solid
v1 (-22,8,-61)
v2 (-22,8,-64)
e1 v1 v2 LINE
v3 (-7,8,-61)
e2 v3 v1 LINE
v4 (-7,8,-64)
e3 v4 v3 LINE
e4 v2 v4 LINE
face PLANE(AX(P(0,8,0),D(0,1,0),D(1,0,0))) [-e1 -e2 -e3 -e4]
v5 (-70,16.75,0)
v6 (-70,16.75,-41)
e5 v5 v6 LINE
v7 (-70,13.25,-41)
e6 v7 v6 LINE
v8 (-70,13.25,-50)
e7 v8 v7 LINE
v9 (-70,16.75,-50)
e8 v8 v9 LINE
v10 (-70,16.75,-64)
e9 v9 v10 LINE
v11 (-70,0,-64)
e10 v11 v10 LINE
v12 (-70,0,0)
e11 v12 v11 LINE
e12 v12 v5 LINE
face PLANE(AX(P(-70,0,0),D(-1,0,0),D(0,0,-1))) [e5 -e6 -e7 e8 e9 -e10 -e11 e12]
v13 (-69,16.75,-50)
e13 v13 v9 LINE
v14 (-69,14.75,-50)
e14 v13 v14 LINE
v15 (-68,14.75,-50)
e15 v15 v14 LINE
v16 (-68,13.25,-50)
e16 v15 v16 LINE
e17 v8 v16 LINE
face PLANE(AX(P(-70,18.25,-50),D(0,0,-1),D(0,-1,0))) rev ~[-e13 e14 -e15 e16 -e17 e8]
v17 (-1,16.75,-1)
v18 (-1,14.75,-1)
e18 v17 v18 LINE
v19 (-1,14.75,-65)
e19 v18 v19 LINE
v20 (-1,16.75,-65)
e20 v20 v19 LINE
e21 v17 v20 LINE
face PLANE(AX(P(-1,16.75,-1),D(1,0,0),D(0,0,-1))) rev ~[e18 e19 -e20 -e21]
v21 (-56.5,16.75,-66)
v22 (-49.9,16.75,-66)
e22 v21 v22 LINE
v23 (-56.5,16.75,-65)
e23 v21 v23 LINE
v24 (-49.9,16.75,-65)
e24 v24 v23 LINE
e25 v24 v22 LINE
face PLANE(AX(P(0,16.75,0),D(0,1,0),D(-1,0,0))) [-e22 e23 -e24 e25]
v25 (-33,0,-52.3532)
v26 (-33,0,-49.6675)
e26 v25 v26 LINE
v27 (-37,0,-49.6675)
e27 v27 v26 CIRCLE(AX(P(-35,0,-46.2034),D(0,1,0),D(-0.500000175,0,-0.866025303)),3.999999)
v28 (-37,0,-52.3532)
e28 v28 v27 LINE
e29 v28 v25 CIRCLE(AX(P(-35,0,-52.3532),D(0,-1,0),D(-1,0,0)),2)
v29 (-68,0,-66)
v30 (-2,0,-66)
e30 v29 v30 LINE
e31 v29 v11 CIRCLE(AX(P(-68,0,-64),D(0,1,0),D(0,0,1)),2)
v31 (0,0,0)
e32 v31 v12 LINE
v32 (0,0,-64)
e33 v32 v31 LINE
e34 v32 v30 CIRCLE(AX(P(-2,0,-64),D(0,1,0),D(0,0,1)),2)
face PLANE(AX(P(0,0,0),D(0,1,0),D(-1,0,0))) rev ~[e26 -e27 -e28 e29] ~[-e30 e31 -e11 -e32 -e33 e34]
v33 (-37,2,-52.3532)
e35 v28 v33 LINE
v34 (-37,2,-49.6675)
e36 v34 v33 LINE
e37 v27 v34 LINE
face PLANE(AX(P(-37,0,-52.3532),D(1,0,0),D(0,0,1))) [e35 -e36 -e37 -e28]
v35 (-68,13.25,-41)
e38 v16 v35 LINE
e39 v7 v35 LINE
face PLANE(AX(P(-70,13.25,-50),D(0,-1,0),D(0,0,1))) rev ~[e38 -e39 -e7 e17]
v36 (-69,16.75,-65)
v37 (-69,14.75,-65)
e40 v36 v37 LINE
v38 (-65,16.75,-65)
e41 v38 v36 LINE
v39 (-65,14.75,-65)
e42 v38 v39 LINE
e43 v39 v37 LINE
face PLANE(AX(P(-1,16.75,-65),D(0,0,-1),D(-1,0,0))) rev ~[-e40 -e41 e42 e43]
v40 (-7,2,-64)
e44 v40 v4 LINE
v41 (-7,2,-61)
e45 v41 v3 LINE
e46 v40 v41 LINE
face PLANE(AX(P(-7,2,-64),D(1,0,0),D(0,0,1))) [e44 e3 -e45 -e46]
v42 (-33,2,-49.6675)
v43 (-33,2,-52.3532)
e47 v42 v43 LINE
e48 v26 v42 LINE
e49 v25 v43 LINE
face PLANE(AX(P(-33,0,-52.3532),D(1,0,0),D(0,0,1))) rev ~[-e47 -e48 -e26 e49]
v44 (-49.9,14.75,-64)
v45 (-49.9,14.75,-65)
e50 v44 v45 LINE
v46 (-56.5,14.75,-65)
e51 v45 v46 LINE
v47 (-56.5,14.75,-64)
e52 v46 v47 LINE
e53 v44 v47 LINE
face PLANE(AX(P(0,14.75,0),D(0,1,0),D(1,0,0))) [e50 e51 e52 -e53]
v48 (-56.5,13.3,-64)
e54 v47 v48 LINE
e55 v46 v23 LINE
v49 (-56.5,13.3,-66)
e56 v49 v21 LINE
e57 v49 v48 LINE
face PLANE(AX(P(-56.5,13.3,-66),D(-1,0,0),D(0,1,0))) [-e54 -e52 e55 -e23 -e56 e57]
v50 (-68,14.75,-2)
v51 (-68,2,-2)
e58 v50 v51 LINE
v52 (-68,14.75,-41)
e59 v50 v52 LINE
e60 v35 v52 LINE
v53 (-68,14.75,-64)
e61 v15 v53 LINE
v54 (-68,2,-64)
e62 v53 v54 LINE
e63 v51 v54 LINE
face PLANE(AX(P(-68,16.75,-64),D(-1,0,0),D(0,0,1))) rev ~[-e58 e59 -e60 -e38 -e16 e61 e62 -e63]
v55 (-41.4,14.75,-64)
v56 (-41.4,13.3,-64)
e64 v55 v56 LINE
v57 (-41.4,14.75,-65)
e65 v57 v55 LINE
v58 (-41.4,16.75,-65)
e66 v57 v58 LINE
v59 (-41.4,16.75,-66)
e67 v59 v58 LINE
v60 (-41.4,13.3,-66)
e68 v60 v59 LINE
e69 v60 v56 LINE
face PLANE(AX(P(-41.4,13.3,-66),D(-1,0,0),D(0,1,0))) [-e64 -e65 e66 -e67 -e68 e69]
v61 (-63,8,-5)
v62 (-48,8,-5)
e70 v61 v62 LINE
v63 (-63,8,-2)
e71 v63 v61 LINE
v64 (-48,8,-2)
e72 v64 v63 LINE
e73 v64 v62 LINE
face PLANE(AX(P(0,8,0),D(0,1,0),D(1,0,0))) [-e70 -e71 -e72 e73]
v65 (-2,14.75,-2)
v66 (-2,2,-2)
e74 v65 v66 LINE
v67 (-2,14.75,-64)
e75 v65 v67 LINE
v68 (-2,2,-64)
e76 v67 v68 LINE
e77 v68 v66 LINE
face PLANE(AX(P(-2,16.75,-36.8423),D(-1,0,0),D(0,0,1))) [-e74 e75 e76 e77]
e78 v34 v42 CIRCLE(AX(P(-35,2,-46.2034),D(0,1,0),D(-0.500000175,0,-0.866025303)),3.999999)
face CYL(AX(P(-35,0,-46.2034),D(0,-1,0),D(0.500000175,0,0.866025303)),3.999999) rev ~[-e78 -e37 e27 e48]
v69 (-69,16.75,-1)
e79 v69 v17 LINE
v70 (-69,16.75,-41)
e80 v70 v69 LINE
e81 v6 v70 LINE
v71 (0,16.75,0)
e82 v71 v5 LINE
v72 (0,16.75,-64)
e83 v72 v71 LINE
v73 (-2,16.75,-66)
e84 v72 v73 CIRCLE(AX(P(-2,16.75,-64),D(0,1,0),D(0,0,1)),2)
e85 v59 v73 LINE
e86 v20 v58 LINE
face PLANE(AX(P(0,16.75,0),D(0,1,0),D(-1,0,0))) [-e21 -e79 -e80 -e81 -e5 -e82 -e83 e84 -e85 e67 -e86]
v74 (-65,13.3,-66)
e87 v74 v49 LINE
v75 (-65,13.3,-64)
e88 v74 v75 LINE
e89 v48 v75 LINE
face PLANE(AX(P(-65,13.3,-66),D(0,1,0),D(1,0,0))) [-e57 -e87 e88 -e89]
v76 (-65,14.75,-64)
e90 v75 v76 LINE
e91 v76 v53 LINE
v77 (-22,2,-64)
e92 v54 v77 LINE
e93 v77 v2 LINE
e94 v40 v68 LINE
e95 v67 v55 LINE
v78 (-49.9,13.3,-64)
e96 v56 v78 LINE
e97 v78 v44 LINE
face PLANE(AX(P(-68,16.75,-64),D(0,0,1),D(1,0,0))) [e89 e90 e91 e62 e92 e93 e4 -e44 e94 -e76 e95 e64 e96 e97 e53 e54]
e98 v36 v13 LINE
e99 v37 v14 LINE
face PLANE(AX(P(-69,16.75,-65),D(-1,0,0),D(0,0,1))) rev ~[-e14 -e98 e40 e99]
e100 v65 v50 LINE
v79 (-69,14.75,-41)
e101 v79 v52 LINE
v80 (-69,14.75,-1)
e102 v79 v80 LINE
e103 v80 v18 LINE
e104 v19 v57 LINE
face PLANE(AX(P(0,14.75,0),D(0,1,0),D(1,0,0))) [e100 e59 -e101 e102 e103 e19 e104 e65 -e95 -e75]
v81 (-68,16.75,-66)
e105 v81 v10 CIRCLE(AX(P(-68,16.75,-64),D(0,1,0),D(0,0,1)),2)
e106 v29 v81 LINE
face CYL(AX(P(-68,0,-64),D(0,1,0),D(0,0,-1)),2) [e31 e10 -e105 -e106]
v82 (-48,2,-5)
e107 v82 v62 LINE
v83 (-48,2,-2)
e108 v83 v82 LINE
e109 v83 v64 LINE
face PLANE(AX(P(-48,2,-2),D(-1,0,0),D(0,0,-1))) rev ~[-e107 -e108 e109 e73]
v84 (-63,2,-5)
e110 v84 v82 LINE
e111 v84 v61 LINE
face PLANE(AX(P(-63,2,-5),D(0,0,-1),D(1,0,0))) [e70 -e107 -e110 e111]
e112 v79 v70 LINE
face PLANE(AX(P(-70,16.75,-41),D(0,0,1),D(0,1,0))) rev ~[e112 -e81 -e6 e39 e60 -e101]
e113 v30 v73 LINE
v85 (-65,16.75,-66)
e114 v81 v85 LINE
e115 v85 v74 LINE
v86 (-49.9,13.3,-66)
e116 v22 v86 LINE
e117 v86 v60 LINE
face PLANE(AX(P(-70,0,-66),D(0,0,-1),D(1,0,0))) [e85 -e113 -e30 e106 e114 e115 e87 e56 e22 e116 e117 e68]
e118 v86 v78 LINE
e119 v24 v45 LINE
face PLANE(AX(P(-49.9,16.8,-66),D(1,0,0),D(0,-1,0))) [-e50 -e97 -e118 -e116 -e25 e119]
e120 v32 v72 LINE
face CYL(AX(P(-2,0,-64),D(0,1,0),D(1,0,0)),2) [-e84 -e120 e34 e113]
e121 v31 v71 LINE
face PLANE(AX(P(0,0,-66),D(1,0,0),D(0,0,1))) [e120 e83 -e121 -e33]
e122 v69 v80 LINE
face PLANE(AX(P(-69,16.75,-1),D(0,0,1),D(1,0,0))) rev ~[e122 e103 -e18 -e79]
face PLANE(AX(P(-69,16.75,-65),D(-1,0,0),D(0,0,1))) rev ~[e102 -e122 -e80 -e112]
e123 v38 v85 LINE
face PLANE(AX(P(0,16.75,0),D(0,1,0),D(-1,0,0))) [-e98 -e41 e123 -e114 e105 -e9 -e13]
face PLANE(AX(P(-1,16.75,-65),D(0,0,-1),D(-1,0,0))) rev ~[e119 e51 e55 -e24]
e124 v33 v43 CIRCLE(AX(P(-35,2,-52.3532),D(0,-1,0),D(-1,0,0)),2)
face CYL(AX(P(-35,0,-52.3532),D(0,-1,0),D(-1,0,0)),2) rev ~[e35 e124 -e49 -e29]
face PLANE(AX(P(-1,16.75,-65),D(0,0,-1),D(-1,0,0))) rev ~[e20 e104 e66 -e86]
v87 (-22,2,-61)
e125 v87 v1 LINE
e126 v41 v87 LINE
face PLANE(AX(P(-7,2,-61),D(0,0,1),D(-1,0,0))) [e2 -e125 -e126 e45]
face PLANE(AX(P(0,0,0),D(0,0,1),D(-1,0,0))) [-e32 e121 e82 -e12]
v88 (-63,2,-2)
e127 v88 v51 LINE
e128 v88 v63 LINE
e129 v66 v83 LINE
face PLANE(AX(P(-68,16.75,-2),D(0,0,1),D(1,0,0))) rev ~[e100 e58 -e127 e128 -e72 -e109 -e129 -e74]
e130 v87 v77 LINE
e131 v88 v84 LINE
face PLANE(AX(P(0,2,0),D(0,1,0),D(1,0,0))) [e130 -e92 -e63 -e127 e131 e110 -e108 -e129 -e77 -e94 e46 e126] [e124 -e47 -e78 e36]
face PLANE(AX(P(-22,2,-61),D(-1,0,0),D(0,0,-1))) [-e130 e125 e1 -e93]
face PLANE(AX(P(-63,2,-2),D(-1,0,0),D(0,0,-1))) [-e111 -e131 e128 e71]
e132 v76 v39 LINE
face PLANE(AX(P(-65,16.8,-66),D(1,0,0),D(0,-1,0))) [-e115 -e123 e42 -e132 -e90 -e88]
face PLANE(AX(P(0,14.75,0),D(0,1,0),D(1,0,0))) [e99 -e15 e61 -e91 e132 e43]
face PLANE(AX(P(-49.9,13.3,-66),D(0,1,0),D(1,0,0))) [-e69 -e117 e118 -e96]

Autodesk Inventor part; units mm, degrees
ref_plane "YZ Plane" through (0, 0, 0) normal (1, 0, 0) x (0, 1, 0)
ref_plane "XZ Plane" through (0, 0, 0) normal (0, 1, 0) x (-1, 0, 0)
ref_plane "XY Plane" through (0, 0, 0) normal (0, 0, 1) x (1, 0, 0)
sketch "Sketch1" plane through (0, 0, 0) normal (0, 1, 0) x (-1, 0, 0)
  point P0 (0, 0)
sketch "Sketch2" plane through (0, 0, 0) normal (0, 1, 0) x (-1, 0, 0)
  line L0 (0, 0) -> (70, 0)
  line L1 (70, 0) -> (70, -66)
  line L2 (70, -66) -> (0, -66)
  line L3 (0, -66) -> (0, 0)
  dimension "d0" = 70
  dimension "d1" = 66
extrude "Extrusion1" add sketch "Sketch2" along normal blind 16.75
sketch "Sketch3" plane through (0, 16.75, 0) normal (0, 1, 0) x (1, 0, 0)
  point P0 (0, 0)
sketch "Sketch4" plane through (0, 16.75, 0) normal (0, 1, 0) x (1, 0, 0)
  line L0 (0, 66) -> (-70, 66) projected
  line L1 (-30.4814, 66) -> (-28.4814, 66)
  line L2 (-28.4814, 66) -> (-28.4814, 64)
  line L3 (-70, 66) -> (-70, 0) projected
  line L4 (-70, 37.8423) -> (-70, 39.8423)
  line L5 (-70, 39.8423) -> (-68, 39.8423)
  line L6 (-70, 0) -> (0, 0) projected
  line L7 (-28.4814, 0) -> (-30.4814, 0)
  line L8 (-30.4814, 0) -> (-30.4814, 2)
  line L9 (0, 0) -> (0, 66) projected
  line L10 (0, 38.8423) -> (0, 36.8423)
  line L11 (0, 36.8423) -> (-2, 36.8423)
  line L12 (-2, 2) -> (-60, 2)
  line L13 (-2, 64) -> (-2, 2)
  line L14 (-68, 64) -> (-68, 2)
  line L15 (-68, 64) -> (-2, 64)
  line L16 (-68, 2) -> (-2, 2)
  dimension "d5" = 2
  dimension "d6" = 2
  dimension "d7" = 2
  dimension "d8" = 2
  dimension "d9" = 2
  dimension "d10" = 2
  dimension "d11" = 2
  dimension "d12" = 2
  dimension "d102" = 2
  dimension "d103" = 2
  dimension "d104" = 2
extrude "Extrusion2" cut sketch "Sketch4" against normal blind 14.75 contours L15 L13 L12 L16 L14
sketch "Sketch10" plane through (0, 2, 0) normal (0, 1, 0) x (1, 0, 0)
  line L0 (-2, 2) -> (-68, 2) projected
  line L1 (-31, 2) -> (-48, 2)
  line L2 (-48, 2) -> (-48, 5)
  line L3 (-48, 2) -> (-63, 2)
  line L4 (-63, 2) -> (-63, 5)
  line L5 (-63, 5) -> (-48, 5)
  line L6 (-48, 5) -> (-48, 2)
  line L7 (-22, 64) -> (-7, 64)
  line L8 (-7, 64) -> (-7, 61)
  line L9 (-7, 61) -> (-22, 61)
  line L10 (-22, 61) -> (-22, 64)
  line L11 (-68, 64) -> (-2, 64) projected
  line L12 (-68, 64) -> (-68, 2)
  line L13 (-63, 2) -> (-48, 2)
  point P0 (-48, 5)
  point P1 (-63, 2)
  point P2 (-48, 2)
  dimension "d55" = 3
  dimension "d56" = 15
  dimension "d60" = 15
  dimension "d108" = 3
extrude "Extrusion5" add sketch "Sketch10" along normal blind 6
sketch "Sketch12" plane through (0, 0, 0) normal (0, -1, 0) x (1, 0, 0)
  line L0 (0, 0) -> (0, -66) projected
  arc A0 (-33, -49.6675) -> (-33, -42.7393) centre (-35, -46.2034) ccw
  arc A1 (-37, -52.3532) -> (-33, -52.3532) centre (-35, -52.3532) ccw
  line L1 (-33, -52.3532) -> (-33, -49.6675)
  line L2 (-37, -52.3532) -> (-37, -49.6675)
  arc A2 (-33, -42.7393) -> (-37, -49.6675) centre (-35, -46.2034) ccw
extrude "Extrusion7" cut sketch "Sketch12" against normal blind 5
sketch "Sketch13" plane through (0, 16.75, 0) normal (0, 1, 0) x (1, 0, 0)
  line L0 (-70, 66) -> (-70, 0) projected
  line L1 (0, 0) -> (0, 66) projected
  line L2 (-69, 1) -> (-1, 1)
  line L3 (-1, 1) -> (-1, 65)
  line L4 (-1, 65) -> (-69, 65)
  line L5 (-69, 65) -> (-69, 1)
  line L6 (-70, 0) -> (0, 0) projected
  line L7 (0, 66) -> (-70, 66) projected
  line L8 (-68, 64) -> (-2, 64)
  line L9 (-2, 64) -> (-2, 2)
  line L10 (-2, 2) -> (-68, 2)
  line L11 (-68, 2) -> (-68, 64)
  dimension "d94" = 1
  dimension "d95" = 1
  dimension "d96" = 1
  dimension "d97" = 1
  dimension "d98" = 1
  dimension "d99" = 1
  dimension "d100" = 1
  dimension "d101" = 1
extrude "Extrusion8" cut sketch "Sketch13" against normal blind 2 contours L5 L4 L3 L2 | L8 L9 L10 L11
sketch "Sketch15" plane through (-70, 0, -66) normal (-1, 0, 0) x (0, 0, 1)
  line L0 (62.4242, 8) -> (52.7396, 8)
  line L1 (0, 0) -> (66, 0) projected
  line L2 (0, 16.75) -> (66, 16.75) projected
  line L3 (0, 0) -> (0, 16.75) projected
  line L4 (16, 13.25) -> (25, 13.25)
  line L5 (25, 13.25) -> (25, 18.25)
  line L6 (25, 18.25) -> (16, 18.25)
  line L7 (16, 18.25) -> (16, 13.25)
  dimension "d118" = 8
  dimension "d140" = 25
  dimension "d141" = 9
  dimension "d142" = 3.5
  dimension "d143" = 5
extrude "Extrusion9" cut sketch "Sketch15" against normal blind 10
sketch "Sketch16" plane through (0, 0, -66) normal (0, 0, -1) x (-1, 0, 0)
  line L0 (41.4, 16.8) -> (49.9, 16.8)
  line L1 (49.9, 16.8) -> (49.9, 13.3)
  line L2 (49.9, 13.3) -> (41.4, 13.3)
  line L3 (41.4, 13.3) -> (41.4, 16.8)
  line L4 (56.5, 16.8) -> (65, 16.8)
  line L5 (65, 16.8) -> (65, 13.3)
  line L6 (65, 13.3) -> (56.5, 13.3)
  line L7 (56.5, 13.3) -> (56.5, 16.8)
  line L8 (22, 8) -> (7, 8) projected
  line L9 (70, 0) -> (70, 16.75) projected
  point P0 (0, 0)
  dimension "d127" = 8.5
  dimension "d128" = 8.5
  dimension "d129" = 3.5
  dimension "d130" = 5.3
  dimension "d131" = 28.6
  dimension "d132" = 13.5
extrude "Extrusion10" cut sketch "Sketch16" against normal blind 10
fillet "Fillet7" radius 2 1 edges at (0, 8.375, -66)
fillet "Fillet8" radius 2 1 edges at (-70, 8.375, -66)
properties part number "Shell 2 bottom"
